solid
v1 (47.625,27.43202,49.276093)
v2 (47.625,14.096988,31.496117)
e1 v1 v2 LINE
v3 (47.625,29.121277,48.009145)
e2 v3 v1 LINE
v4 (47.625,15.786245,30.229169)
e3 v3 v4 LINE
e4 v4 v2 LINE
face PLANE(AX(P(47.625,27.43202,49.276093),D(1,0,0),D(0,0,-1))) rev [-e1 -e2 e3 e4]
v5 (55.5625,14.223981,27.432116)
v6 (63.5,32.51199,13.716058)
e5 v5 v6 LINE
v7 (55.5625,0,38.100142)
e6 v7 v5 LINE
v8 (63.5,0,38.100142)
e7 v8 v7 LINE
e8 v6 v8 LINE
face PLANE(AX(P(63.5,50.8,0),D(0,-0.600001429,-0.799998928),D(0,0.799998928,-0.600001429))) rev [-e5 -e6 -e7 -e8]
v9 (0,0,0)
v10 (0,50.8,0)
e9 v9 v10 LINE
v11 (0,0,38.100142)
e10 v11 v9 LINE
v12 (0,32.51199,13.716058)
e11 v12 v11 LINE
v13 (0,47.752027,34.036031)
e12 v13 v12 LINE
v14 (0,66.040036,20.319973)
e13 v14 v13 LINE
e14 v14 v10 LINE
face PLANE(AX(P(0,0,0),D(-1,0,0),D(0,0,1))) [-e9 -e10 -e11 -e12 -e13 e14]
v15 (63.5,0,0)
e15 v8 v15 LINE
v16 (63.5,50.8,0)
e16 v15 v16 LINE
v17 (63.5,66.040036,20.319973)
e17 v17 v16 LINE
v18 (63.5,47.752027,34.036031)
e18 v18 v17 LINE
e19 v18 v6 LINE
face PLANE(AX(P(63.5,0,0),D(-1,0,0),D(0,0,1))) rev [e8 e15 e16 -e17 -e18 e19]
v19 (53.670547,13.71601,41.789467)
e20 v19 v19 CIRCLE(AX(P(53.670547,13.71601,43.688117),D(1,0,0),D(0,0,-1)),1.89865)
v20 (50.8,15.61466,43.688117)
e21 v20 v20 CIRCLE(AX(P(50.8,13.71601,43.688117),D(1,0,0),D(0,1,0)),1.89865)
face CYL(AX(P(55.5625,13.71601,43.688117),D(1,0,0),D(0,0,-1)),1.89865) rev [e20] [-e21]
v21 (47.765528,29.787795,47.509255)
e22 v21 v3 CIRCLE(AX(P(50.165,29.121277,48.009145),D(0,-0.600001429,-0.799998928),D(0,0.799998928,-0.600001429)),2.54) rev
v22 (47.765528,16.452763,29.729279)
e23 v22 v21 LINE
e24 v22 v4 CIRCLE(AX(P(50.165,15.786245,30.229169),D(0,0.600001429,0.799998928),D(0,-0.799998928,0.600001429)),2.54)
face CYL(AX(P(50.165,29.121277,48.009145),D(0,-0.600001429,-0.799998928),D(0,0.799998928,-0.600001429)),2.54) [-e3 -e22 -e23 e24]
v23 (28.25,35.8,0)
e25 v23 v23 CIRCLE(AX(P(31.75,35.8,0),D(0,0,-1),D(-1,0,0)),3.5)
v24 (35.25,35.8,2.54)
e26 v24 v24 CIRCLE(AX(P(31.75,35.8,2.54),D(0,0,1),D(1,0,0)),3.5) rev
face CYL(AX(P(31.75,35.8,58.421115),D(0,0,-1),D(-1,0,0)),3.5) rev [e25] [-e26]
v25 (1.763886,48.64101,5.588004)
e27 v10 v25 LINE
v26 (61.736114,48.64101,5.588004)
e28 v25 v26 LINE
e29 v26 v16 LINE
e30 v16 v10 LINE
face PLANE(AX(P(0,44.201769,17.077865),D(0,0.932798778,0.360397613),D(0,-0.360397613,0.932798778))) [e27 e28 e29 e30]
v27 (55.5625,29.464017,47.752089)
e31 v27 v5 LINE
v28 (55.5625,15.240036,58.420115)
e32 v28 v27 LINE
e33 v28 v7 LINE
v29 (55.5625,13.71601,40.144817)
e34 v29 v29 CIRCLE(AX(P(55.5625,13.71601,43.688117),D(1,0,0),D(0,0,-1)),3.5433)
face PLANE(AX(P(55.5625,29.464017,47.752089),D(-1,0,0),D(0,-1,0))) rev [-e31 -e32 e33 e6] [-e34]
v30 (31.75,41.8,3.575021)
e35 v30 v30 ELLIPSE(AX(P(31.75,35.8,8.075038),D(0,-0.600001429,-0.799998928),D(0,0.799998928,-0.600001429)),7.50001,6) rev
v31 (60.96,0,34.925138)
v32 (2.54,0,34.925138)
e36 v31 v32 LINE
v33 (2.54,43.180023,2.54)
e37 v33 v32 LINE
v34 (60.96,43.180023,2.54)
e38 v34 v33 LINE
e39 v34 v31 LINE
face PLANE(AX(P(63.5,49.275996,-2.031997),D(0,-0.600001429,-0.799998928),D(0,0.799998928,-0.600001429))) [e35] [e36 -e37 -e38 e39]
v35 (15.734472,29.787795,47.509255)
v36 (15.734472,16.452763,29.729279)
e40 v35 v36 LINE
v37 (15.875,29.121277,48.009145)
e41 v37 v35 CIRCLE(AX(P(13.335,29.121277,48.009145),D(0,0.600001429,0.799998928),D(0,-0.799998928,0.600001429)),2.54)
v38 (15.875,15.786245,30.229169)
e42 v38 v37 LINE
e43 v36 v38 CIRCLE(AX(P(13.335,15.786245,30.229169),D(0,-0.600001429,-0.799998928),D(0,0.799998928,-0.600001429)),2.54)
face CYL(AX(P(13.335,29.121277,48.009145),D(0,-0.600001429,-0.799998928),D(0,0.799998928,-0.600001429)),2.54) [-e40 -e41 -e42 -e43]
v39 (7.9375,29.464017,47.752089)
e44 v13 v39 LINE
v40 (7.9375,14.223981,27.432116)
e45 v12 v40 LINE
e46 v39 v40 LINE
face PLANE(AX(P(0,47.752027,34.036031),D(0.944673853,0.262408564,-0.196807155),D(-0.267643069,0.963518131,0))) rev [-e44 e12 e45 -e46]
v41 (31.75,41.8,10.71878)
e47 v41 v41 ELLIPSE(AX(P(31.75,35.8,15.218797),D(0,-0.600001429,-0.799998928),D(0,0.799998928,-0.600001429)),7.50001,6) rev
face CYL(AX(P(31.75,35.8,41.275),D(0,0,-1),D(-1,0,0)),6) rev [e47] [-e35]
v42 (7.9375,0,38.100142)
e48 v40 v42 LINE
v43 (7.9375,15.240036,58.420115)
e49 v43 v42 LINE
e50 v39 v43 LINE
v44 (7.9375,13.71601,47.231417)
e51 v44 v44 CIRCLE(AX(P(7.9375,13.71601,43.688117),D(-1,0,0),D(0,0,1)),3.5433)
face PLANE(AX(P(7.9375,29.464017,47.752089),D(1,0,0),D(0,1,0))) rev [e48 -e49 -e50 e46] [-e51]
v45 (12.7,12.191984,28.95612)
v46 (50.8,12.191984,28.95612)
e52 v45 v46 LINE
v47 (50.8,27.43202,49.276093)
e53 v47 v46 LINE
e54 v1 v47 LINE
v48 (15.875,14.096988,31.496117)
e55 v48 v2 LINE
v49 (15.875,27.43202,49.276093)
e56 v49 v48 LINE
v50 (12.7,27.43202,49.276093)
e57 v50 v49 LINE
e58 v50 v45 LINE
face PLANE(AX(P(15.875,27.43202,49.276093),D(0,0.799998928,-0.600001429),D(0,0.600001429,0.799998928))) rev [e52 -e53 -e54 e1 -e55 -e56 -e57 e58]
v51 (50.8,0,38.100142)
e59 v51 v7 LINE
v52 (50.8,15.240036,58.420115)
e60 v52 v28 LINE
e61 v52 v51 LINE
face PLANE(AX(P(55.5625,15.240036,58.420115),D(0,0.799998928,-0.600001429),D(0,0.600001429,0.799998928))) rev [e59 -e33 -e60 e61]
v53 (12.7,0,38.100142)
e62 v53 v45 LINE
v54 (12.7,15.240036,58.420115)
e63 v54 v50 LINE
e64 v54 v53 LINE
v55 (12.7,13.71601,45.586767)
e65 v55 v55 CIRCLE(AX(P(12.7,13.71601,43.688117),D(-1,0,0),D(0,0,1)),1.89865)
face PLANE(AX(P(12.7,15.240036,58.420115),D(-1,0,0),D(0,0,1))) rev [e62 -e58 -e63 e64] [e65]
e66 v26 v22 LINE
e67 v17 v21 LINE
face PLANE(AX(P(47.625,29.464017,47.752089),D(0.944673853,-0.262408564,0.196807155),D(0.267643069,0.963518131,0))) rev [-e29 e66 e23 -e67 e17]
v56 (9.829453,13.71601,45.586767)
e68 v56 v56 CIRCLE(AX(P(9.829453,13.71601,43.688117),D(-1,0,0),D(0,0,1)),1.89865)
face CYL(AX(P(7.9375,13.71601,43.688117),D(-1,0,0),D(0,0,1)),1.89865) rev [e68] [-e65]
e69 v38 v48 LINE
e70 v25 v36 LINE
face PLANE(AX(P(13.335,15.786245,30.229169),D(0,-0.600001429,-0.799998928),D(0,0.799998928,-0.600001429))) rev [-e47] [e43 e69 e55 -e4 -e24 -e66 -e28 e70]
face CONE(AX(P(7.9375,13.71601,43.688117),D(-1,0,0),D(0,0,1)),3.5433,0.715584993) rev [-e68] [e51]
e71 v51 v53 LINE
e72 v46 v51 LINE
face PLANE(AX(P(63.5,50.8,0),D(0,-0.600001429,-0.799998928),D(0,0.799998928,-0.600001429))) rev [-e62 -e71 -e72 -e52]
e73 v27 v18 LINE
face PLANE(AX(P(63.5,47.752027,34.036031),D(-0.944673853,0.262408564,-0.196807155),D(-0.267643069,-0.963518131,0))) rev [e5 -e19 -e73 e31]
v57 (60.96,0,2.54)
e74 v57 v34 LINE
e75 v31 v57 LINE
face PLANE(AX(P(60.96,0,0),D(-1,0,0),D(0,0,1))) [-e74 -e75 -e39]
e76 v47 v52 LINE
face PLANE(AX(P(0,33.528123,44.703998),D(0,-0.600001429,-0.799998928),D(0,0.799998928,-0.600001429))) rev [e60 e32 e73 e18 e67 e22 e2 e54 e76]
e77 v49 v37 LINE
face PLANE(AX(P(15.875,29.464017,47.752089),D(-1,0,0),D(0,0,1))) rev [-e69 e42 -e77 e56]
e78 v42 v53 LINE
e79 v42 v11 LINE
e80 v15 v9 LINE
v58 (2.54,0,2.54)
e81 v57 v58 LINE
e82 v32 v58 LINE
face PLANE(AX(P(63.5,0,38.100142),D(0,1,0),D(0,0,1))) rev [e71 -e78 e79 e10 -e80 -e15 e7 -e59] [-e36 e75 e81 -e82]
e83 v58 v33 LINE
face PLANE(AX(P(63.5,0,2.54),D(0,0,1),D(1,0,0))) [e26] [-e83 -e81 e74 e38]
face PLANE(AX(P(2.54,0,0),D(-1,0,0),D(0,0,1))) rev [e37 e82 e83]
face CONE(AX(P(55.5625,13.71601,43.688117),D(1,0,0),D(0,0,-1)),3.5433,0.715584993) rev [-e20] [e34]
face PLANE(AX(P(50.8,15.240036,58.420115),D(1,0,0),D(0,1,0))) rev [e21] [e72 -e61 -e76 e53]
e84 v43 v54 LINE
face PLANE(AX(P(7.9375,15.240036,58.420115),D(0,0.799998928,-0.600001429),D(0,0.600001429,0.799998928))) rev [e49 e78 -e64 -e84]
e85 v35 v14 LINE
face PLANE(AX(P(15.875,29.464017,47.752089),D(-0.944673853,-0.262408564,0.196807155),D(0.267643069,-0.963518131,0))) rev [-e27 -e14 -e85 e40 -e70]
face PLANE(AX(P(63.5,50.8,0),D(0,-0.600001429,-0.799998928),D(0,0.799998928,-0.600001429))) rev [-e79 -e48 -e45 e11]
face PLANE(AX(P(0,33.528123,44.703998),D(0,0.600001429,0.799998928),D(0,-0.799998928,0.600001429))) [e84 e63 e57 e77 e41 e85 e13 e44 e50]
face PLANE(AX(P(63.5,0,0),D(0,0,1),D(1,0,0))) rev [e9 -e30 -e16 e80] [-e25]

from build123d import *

# Parameters (mm, degrees)
BOSS_EXTRUDE2_DEPTH                            = 63.5
SHELL1_T                                       = -2.54
BOSS_EXTRUDE4_DEPTH                            = 25.4
FILLET1_R                                      = 2.54
CSK_FOR_6_FLAT_HEAD_MACHINE_SCREW2_D           = 3.7973
CSK_FOR_6_FLAT_HEAD_MACHINE_SCREW2_DEPTH       = 4.7625
CSK_FOR_6_FLAT_HEAD_MACHINE_SCREW2_CSINK_D     = 7.0866
CSK_FOR_6_FLAT_HEAD_MACHINE_SCREW2_CSINK_ANGLE = 82
CSK_FOR_6_FLAT_HEAD_MACHINE_SCREW1_D           = 3.7973
CSK_FOR_6_FLAT_HEAD_MACHINE_SCREW1_CSINK_D     = 7.0866
CSK_FOR_6_FLAT_HEAD_MACHINE_SCREW1_CSINK_ANGLE = 82
CUT_EXTRUDE1_REACH                             = 110.657
SKETCH10_R                                     = 3.5
BOSS_EXTRUDE6_START                            = 3.175
BOSS_EXTRUDE6_DEPTH                            = 3.175
SKETCH15_R                                     = 6
CUT_EXTRUDE2_DEPTH                             = 38.735


with BuildPart() as part:
    # Sketch4 → Boss-Extrude2 (new body)
    with BuildSketch(Plane(origin=(0, 0, 0), x_dir=(0, 0, -1), z_dir=(1, 0, 0))):
        Polygon((0, 50.8), (-38.100141797, 0), (0, 0), align=None)
    extrude(amount=BOSS_EXTRUDE2_DEPTH)

    # Shell1
    shell1_openings = [part.faces().sort_by_distance(p)[0] for p in [
        (31.75, 0, 19.050070899),
    ]]
    offset(amount=SHELL1_T, openings=shell1_openings, kind=Kind.INTERSECTION)

    # Sketch5 → Boss-Extrude4 (add)
    with BuildSketch(Plane(origin=(0, 18.28808712, 24.38402541), x_dir=(1, 0, 0), z_dir=(0, 0.6000014291326663, 0.7999989281485057))):
        Polygon((12.7, -22.860139528), (12.7, -7.620139528), (15.875, -7.620139528), (15.875, -5.080139528), (0, 40.63994555), (0, 17.779903011), (7.9375, -5.080139528), (7.9375, -22.860139528), align=None)
        Polygon((55.5625, -5.080139528), (55.5625, -22.860139528), (50.8, -22.860139528), (50.8, -7.620139528), (47.625, -7.620139528), (47.625, -5.080139528), (63.5, 40.63994555), (63.5, 17.779903011), align=None)
    extrude(amount=BOSS_EXTRUDE4_DEPTH)

    # Fillet1
    fillet1_edges = [part.edges().sort_by_distance(p)[0] for p in [
        (15.875, 21.843999092, 37.592102775),
        (47.625, 21.843999092, 37.592102775),
    ]]
    fillet(fillet1_edges, radius=FILLET1_R)

    # CSK for #6 Flat Head Machine Screw2
    with Locations(Plane.ZY.offset(-7.9375)):
        with Locations((43.688117295, 13.716009982)):
            CounterSinkHole(CSK_FOR_6_FLAT_HEAD_MACHINE_SCREW2_D / 2, CSK_FOR_6_FLAT_HEAD_MACHINE_SCREW2_CSINK_D / 2, depth=CSK_FOR_6_FLAT_HEAD_MACHINE_SCREW2_DEPTH, counter_sink_angle=CSK_FOR_6_FLAT_HEAD_MACHINE_SCREW2_CSINK_ANGLE)

    # CSK for #6 Flat Head Machine Screw1 (through all)
    with Locations(Plane(origin=(55.5625, 0, 0), x_dir=(0, 0, -1), z_dir=(1, 0, 0))):
        with Locations((-43.688117295, 13.716009982)):
            CounterSinkHole(CSK_FOR_6_FLAT_HEAD_MACHINE_SCREW1_D / 2, CSK_FOR_6_FLAT_HEAD_MACHINE_SCREW1_CSINK_D / 2, counter_sink_angle=CSK_FOR_6_FLAT_HEAD_MACHINE_SCREW1_CSINK_ANGLE)

    # Sketch10 → Cut-Extrude1 (cut, up to next)
    with BuildSketch(Plane(origin=(0, 0, 0), x_dir=(-1, 0, 0), z_dir=(0, 0, -1)), mode=Mode.PRIVATE) as cut_extrude1_sk1:
        with Locations((-31.75, 35.8)):
            Circle(SKETCH10_R)
    cut_extrude1_tool1 = extrude(cut_extrude1_sk1.sketch, amount=-CUT_EXTRUDE1_REACH, mode=Mode.PRIVATE) & part.part
    add(cut_extrude1_tool1.solids().sort_by_distance((31.75, 35.8, 0))[0], mode=Mode.SUBTRACT)

    # Sketch11 → Boss-Extrude6 (add)
    with BuildSketch(Plane(origin=(0, 18.28808712, 24.38402541), x_dir=(1, 0, 0), z_dir=(0, 0.6000014291326664, 0.7999989281485057)).offset(BOSS_EXTRUDE6_START)):
        with BuildLine():
            Line((1.763885607, 35.55994555), (61.736114393, 35.55994555))
            Line((61.736114393, 35.55994555), (47.765528412, -4.675416947))
            ThreePointArc((47.765528412, -4.675416947), (47.660378488, -5.086106873), (47.625, -5.508565254))
            Line((47.625, -5.508565254), (47.625, -7.620139528))
            Line((47.625, -7.620139528), (15.875, -7.620139528))
            Line((15.875, -7.620139528), (15.875, -5.508565254))
            ThreePointArc((15.875, -5.508565254), (15.839621512, -5.086106873), (15.734471588, -4.675416947))
            Line((15.734471588, -4.675416947), (1.763885607, 35.55994555))
        make_face()
    extrude(amount=-BOSS_EXTRUDE6_DEPTH)

    # Sketch14 → Loft2 section 0
    with BuildSketch(Plane(origin=(12.592837865, 3.497999322, -2.623509255), x_dir=(-0.16778323619732566, -0.12899238858965661, -0.9773483254894785), z_dir=(0.9446738533698645, 0.2624085638294688, -0.19680715532796914))):
        with BuildLine():
            Line((-6.55281334, 48.579854588), (-12.031696709, 45.583164002))
            Line((-12.031696709, 45.583164002), (-9.303504202, 43.959097917))
            Line((-9.303504202, 43.959097917), (-6.55281334, 48.579854588))
        make_face()
    # Sketch12 → Loft2 section 1
    with BuildSketch(Plane(origin=(44.075113902, -12.243048009, 9.182320181), x_dir=(-0.16312891841524135, 0.1446897924855975, 0.9759374057423705), z_dir=(-0.9446738533698645, 0.26240856382946876, -0.19680715532796894))):
        with BuildLine():
            Line((2.42045406, 63.449507231), (-3.008444861, 66.535827684))
            Line((-3.008444861, 66.535827684), (-0.334058341, 61.870492844))
            Line((-0.334058341, 61.870492844), (2.42045406, 63.449507231))
        make_face()
    loft()

    # Sketch15 → Cut-Extrude2 (cut)
    with BuildSketch(Plane.XY.offset(2.54)):
        with Locations(Location((31.75, 35.8, 0), (0, 0, 90))):
            Circle(SKETCH15_R)
    extrude(amount=CUT_EXTRUDE2_DEPTH, mode=Mode.SUBTRACT)


solid = part.part
